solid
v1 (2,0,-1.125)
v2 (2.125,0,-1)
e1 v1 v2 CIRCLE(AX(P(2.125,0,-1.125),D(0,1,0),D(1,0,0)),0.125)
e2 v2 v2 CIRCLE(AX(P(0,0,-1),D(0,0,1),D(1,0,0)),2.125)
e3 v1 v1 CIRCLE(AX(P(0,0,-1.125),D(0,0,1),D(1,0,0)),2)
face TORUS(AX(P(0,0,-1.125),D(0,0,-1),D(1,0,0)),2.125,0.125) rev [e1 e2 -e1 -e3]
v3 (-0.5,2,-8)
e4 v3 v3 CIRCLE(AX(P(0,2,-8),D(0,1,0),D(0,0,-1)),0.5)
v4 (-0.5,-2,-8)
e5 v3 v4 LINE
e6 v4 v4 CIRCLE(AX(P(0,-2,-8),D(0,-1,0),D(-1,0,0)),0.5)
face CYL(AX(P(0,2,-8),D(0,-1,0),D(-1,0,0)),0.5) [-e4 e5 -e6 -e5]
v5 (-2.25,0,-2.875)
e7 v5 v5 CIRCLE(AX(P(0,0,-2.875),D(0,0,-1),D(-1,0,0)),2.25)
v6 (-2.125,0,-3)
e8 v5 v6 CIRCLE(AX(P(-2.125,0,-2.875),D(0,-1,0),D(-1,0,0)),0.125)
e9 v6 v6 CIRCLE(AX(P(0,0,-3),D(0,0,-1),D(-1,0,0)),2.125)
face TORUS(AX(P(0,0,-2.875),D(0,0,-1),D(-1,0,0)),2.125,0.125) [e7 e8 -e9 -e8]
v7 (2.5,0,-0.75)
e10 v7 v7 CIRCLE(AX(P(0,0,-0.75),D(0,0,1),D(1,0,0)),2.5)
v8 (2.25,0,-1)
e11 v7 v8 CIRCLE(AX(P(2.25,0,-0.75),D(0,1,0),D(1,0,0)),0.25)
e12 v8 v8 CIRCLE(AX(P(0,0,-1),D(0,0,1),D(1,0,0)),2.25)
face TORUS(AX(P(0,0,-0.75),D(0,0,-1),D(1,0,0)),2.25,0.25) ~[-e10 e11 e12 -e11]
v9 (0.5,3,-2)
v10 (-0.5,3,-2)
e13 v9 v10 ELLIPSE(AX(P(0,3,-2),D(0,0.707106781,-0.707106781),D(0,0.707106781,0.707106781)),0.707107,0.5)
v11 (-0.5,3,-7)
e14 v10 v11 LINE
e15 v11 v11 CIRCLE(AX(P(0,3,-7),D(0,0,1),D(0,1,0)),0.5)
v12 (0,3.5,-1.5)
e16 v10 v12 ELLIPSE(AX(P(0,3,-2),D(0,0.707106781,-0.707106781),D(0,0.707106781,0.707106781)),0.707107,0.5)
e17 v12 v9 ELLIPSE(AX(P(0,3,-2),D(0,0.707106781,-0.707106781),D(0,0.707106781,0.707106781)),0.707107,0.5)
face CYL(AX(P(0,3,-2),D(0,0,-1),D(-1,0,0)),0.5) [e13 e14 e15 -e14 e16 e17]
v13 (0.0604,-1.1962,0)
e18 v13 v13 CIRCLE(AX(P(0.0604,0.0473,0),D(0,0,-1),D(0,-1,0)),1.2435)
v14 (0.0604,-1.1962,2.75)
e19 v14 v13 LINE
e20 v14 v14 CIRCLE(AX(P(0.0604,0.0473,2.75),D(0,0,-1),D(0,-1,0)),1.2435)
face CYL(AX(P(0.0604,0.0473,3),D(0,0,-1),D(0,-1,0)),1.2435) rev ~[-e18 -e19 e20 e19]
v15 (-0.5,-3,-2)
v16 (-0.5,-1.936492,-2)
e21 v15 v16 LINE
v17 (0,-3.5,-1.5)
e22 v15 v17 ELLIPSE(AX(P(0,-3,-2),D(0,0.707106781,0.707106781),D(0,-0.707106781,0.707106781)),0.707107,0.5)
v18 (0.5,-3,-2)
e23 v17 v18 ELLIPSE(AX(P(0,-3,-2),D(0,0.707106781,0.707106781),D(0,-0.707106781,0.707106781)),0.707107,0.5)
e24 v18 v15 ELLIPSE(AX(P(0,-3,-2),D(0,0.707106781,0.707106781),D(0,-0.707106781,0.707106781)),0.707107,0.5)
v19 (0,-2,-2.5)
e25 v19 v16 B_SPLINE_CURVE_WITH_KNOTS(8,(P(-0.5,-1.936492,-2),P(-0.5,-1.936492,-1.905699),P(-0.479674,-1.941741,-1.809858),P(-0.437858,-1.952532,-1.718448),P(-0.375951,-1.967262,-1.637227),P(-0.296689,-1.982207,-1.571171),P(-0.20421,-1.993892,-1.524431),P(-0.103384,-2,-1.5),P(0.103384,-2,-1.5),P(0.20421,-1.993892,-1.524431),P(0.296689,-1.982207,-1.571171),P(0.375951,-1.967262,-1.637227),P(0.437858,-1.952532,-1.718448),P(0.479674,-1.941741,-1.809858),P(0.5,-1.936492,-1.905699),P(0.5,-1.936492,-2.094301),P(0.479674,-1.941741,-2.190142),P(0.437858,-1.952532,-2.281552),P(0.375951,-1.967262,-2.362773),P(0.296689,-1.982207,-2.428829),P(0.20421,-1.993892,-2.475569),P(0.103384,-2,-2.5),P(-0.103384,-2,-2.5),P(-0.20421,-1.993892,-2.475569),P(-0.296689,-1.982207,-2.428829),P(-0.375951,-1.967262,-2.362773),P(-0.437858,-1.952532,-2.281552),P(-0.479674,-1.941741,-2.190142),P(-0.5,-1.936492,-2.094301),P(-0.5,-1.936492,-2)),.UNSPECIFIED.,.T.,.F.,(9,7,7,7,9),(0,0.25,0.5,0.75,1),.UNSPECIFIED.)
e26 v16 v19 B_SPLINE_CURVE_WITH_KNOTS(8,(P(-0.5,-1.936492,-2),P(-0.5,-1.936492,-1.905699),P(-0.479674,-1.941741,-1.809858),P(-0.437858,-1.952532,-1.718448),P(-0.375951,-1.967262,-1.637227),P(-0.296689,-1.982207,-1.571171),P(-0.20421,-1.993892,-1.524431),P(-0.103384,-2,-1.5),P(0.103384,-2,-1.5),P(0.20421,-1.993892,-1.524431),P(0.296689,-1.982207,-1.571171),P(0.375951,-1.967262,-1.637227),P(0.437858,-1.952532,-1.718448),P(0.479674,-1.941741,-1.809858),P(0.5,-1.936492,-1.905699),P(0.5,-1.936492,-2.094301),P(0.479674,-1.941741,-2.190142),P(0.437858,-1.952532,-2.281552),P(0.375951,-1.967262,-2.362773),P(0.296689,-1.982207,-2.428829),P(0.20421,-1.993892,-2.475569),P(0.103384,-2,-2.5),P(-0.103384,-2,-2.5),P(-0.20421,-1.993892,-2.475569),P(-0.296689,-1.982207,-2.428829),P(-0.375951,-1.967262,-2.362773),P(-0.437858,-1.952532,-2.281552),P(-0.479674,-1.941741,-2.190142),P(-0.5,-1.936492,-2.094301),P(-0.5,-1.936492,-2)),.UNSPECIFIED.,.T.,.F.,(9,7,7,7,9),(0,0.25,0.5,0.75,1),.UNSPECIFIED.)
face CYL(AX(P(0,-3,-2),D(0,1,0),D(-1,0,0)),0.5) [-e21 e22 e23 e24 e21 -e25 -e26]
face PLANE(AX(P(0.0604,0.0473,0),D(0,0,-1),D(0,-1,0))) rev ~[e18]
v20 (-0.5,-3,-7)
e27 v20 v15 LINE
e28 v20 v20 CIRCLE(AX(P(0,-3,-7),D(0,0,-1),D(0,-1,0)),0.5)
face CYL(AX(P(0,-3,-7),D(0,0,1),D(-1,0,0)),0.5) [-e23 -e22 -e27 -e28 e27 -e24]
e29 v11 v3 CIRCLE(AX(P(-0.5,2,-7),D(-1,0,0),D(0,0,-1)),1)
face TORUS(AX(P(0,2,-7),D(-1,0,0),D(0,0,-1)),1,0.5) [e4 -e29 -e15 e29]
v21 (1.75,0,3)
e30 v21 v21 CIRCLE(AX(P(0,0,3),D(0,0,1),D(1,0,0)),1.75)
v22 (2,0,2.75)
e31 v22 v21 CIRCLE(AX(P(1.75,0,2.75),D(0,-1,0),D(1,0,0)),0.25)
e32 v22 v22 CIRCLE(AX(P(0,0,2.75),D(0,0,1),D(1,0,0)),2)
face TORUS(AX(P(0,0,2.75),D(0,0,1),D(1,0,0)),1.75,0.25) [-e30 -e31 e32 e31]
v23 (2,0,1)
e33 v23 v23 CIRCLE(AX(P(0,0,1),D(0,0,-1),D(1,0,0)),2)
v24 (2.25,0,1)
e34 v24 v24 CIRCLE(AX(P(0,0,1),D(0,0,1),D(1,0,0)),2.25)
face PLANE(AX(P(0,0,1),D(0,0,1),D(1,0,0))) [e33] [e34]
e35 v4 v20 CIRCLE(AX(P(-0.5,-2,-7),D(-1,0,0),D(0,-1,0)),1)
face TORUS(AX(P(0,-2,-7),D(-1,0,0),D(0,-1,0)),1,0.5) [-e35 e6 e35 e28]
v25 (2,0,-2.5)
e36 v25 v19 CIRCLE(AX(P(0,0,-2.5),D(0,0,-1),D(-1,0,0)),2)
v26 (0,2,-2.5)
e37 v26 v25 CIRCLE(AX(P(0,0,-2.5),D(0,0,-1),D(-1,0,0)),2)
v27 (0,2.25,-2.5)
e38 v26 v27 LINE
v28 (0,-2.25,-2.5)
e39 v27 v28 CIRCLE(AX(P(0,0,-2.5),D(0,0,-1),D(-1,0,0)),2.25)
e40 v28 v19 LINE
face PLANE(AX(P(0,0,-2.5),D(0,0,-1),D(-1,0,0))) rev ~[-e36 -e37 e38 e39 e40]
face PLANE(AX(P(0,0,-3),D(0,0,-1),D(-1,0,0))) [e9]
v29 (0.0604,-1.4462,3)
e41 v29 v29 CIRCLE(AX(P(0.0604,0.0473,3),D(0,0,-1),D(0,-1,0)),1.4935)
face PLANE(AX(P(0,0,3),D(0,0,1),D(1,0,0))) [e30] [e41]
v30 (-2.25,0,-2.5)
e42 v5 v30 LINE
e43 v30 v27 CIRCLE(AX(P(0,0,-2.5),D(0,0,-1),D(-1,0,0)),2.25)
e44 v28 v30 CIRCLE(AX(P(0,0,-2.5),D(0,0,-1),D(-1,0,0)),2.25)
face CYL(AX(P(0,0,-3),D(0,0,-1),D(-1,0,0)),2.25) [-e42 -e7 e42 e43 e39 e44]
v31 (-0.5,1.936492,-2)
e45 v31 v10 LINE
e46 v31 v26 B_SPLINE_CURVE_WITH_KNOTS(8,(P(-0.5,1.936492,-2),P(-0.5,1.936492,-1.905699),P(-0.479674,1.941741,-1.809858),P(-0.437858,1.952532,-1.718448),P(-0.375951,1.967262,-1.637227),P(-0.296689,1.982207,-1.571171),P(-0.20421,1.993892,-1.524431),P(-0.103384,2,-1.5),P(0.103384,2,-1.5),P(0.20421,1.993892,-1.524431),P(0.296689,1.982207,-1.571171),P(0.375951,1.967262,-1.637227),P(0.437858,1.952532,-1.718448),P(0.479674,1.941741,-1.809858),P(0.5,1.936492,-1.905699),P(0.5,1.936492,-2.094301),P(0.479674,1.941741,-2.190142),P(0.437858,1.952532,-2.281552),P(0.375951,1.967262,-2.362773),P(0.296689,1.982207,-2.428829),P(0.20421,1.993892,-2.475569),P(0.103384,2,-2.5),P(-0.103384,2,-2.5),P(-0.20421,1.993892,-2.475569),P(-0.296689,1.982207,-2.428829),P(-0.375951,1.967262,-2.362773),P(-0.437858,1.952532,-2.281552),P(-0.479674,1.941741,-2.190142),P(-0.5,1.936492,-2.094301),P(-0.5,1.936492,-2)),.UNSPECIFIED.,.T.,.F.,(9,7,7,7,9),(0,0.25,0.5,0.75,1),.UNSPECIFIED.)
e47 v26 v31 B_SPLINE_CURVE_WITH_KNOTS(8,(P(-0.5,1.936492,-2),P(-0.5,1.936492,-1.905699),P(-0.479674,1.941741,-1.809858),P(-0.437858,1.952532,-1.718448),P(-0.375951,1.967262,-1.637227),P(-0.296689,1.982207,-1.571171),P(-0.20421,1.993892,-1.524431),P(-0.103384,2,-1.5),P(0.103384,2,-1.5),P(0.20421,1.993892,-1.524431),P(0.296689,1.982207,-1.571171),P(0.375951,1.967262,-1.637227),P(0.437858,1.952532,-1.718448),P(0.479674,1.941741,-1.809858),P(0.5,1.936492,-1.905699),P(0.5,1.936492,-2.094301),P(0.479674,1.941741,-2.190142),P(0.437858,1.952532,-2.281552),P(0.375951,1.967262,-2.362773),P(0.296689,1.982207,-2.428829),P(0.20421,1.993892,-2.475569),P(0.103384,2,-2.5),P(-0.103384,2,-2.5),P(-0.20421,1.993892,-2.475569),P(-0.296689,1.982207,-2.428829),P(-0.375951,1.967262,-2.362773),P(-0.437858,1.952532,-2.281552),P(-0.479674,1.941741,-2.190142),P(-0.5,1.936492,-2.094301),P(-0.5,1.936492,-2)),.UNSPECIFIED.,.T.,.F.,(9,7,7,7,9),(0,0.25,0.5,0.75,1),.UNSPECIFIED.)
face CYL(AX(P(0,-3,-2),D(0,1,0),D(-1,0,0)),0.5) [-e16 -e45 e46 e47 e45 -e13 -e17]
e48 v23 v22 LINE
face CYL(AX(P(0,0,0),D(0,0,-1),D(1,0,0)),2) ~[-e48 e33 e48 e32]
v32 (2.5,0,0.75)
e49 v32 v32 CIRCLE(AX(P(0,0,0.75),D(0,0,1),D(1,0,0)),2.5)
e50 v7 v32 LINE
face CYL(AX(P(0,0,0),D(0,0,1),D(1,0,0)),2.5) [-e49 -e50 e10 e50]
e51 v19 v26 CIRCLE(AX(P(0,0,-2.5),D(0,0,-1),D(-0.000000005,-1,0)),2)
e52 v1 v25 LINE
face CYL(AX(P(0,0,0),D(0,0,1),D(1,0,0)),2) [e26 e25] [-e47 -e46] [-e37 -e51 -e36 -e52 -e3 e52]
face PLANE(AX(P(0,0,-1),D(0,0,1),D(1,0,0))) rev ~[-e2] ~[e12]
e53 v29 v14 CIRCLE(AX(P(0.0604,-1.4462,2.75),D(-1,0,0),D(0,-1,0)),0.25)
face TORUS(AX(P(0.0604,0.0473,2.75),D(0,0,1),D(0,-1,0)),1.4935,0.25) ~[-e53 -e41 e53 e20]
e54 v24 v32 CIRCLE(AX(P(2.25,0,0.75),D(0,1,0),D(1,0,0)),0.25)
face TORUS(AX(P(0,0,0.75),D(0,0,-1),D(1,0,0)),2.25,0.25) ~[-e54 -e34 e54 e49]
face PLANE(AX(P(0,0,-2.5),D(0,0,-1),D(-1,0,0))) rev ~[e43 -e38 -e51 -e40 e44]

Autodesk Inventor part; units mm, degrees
sketch "Skizze1" plane through (0, 0, 0) normal (0, 0, 1) x (1, 0, 0)
  circle A0 centre (0, 0) radius 2.5
  dimension "d0" = 5
extrude "Extrusion1" add sketch "Skizze1" along normal mid plane 2
sketch "Skizze2" plane through (0, 0, 0) normal (0, 0, 1) x (1, 0, 0)
  circle A0 centre (0, 0) radius 2
  dimension "d3" = 4
extrude "Extrusion2" add sketch "Skizze2" along normal mid plane 6
hole "Bohrung1" at (0.0604, 0.0473, 3) direction (0, 0, -1) diameter 2.487 depth 3
fillet "Rundung1" radius 0.25 2 edges at (-2, 0, 3) (0.0604, 1.2908, 3)
thread "Gewinde1"
fillet "Rundung2" radius 0.25 2 edges at (-2.5, 0, 1) (-2.5, 0, -1)
sketch "Skizze3" plane through (0, 0, 0) normal (0, 1, 0) x (-1, 0, 0)
  circle A0 centre (0, -2) radius 0.5
  line L0 (2.25, -1) -> (-2.25, -1) projected
  point P0 (0, 0)
  dimension "d19" = 1
  dimension "d23" = 1
sketch "Skizze4" plane through (0, 0, 0) normal (1, 0, 0) x (0, 1, 0)
  line L0 (2.25, -1) -> (-2.25, -1) projected
  line L1 (-3, -2) -> (3, -2)
  line L2 (3, -2) -> (3, -7)
  line L3 (2, -8) -> (-2, -8)
  line L4 (-3, -7) -> (-3, -2)
  line L5 (0, -10.2) -> (0, 5.2) projected
  arc A0 (-3, -7) -> (-2, -8) centre (-2, -7) ccw
  arc A1 (2, -8) -> (3, -7) centre (2, -7) ccw
  point P0 (0, 0)
  point P1 (3, -8)
  point P2 (-3, -8)
  dimension "d20" = 6
  dimension "d21" = 6
  dimension "d22" = 1
  dimension "d24" = 1
sweep "Sweeping1" add profiles "Skizze3" path "Skizze4" path curves L3 A0 L4 L1 L2 A1
sketch "Skizze5" plane through (0, 0, -3) normal (0, 0, -1) x (-1, 0, 0)
  circle A0 centre (0, 0) radius 2 projected
  circle A1 centre (0, 0) radius 2.25
  dimension "d27" = 4.5
extrude "Extrusion3" add sketch "Skizze5" against normal blind 0.5
fillet "Rundung3" radius 0.125 1 edges at (2.25, 0, -3)
fillet "Rundung4" radius 0.125 1 edges at (-2, 0, -1)
properties part number "SchleppstangeBefestigungOben"
